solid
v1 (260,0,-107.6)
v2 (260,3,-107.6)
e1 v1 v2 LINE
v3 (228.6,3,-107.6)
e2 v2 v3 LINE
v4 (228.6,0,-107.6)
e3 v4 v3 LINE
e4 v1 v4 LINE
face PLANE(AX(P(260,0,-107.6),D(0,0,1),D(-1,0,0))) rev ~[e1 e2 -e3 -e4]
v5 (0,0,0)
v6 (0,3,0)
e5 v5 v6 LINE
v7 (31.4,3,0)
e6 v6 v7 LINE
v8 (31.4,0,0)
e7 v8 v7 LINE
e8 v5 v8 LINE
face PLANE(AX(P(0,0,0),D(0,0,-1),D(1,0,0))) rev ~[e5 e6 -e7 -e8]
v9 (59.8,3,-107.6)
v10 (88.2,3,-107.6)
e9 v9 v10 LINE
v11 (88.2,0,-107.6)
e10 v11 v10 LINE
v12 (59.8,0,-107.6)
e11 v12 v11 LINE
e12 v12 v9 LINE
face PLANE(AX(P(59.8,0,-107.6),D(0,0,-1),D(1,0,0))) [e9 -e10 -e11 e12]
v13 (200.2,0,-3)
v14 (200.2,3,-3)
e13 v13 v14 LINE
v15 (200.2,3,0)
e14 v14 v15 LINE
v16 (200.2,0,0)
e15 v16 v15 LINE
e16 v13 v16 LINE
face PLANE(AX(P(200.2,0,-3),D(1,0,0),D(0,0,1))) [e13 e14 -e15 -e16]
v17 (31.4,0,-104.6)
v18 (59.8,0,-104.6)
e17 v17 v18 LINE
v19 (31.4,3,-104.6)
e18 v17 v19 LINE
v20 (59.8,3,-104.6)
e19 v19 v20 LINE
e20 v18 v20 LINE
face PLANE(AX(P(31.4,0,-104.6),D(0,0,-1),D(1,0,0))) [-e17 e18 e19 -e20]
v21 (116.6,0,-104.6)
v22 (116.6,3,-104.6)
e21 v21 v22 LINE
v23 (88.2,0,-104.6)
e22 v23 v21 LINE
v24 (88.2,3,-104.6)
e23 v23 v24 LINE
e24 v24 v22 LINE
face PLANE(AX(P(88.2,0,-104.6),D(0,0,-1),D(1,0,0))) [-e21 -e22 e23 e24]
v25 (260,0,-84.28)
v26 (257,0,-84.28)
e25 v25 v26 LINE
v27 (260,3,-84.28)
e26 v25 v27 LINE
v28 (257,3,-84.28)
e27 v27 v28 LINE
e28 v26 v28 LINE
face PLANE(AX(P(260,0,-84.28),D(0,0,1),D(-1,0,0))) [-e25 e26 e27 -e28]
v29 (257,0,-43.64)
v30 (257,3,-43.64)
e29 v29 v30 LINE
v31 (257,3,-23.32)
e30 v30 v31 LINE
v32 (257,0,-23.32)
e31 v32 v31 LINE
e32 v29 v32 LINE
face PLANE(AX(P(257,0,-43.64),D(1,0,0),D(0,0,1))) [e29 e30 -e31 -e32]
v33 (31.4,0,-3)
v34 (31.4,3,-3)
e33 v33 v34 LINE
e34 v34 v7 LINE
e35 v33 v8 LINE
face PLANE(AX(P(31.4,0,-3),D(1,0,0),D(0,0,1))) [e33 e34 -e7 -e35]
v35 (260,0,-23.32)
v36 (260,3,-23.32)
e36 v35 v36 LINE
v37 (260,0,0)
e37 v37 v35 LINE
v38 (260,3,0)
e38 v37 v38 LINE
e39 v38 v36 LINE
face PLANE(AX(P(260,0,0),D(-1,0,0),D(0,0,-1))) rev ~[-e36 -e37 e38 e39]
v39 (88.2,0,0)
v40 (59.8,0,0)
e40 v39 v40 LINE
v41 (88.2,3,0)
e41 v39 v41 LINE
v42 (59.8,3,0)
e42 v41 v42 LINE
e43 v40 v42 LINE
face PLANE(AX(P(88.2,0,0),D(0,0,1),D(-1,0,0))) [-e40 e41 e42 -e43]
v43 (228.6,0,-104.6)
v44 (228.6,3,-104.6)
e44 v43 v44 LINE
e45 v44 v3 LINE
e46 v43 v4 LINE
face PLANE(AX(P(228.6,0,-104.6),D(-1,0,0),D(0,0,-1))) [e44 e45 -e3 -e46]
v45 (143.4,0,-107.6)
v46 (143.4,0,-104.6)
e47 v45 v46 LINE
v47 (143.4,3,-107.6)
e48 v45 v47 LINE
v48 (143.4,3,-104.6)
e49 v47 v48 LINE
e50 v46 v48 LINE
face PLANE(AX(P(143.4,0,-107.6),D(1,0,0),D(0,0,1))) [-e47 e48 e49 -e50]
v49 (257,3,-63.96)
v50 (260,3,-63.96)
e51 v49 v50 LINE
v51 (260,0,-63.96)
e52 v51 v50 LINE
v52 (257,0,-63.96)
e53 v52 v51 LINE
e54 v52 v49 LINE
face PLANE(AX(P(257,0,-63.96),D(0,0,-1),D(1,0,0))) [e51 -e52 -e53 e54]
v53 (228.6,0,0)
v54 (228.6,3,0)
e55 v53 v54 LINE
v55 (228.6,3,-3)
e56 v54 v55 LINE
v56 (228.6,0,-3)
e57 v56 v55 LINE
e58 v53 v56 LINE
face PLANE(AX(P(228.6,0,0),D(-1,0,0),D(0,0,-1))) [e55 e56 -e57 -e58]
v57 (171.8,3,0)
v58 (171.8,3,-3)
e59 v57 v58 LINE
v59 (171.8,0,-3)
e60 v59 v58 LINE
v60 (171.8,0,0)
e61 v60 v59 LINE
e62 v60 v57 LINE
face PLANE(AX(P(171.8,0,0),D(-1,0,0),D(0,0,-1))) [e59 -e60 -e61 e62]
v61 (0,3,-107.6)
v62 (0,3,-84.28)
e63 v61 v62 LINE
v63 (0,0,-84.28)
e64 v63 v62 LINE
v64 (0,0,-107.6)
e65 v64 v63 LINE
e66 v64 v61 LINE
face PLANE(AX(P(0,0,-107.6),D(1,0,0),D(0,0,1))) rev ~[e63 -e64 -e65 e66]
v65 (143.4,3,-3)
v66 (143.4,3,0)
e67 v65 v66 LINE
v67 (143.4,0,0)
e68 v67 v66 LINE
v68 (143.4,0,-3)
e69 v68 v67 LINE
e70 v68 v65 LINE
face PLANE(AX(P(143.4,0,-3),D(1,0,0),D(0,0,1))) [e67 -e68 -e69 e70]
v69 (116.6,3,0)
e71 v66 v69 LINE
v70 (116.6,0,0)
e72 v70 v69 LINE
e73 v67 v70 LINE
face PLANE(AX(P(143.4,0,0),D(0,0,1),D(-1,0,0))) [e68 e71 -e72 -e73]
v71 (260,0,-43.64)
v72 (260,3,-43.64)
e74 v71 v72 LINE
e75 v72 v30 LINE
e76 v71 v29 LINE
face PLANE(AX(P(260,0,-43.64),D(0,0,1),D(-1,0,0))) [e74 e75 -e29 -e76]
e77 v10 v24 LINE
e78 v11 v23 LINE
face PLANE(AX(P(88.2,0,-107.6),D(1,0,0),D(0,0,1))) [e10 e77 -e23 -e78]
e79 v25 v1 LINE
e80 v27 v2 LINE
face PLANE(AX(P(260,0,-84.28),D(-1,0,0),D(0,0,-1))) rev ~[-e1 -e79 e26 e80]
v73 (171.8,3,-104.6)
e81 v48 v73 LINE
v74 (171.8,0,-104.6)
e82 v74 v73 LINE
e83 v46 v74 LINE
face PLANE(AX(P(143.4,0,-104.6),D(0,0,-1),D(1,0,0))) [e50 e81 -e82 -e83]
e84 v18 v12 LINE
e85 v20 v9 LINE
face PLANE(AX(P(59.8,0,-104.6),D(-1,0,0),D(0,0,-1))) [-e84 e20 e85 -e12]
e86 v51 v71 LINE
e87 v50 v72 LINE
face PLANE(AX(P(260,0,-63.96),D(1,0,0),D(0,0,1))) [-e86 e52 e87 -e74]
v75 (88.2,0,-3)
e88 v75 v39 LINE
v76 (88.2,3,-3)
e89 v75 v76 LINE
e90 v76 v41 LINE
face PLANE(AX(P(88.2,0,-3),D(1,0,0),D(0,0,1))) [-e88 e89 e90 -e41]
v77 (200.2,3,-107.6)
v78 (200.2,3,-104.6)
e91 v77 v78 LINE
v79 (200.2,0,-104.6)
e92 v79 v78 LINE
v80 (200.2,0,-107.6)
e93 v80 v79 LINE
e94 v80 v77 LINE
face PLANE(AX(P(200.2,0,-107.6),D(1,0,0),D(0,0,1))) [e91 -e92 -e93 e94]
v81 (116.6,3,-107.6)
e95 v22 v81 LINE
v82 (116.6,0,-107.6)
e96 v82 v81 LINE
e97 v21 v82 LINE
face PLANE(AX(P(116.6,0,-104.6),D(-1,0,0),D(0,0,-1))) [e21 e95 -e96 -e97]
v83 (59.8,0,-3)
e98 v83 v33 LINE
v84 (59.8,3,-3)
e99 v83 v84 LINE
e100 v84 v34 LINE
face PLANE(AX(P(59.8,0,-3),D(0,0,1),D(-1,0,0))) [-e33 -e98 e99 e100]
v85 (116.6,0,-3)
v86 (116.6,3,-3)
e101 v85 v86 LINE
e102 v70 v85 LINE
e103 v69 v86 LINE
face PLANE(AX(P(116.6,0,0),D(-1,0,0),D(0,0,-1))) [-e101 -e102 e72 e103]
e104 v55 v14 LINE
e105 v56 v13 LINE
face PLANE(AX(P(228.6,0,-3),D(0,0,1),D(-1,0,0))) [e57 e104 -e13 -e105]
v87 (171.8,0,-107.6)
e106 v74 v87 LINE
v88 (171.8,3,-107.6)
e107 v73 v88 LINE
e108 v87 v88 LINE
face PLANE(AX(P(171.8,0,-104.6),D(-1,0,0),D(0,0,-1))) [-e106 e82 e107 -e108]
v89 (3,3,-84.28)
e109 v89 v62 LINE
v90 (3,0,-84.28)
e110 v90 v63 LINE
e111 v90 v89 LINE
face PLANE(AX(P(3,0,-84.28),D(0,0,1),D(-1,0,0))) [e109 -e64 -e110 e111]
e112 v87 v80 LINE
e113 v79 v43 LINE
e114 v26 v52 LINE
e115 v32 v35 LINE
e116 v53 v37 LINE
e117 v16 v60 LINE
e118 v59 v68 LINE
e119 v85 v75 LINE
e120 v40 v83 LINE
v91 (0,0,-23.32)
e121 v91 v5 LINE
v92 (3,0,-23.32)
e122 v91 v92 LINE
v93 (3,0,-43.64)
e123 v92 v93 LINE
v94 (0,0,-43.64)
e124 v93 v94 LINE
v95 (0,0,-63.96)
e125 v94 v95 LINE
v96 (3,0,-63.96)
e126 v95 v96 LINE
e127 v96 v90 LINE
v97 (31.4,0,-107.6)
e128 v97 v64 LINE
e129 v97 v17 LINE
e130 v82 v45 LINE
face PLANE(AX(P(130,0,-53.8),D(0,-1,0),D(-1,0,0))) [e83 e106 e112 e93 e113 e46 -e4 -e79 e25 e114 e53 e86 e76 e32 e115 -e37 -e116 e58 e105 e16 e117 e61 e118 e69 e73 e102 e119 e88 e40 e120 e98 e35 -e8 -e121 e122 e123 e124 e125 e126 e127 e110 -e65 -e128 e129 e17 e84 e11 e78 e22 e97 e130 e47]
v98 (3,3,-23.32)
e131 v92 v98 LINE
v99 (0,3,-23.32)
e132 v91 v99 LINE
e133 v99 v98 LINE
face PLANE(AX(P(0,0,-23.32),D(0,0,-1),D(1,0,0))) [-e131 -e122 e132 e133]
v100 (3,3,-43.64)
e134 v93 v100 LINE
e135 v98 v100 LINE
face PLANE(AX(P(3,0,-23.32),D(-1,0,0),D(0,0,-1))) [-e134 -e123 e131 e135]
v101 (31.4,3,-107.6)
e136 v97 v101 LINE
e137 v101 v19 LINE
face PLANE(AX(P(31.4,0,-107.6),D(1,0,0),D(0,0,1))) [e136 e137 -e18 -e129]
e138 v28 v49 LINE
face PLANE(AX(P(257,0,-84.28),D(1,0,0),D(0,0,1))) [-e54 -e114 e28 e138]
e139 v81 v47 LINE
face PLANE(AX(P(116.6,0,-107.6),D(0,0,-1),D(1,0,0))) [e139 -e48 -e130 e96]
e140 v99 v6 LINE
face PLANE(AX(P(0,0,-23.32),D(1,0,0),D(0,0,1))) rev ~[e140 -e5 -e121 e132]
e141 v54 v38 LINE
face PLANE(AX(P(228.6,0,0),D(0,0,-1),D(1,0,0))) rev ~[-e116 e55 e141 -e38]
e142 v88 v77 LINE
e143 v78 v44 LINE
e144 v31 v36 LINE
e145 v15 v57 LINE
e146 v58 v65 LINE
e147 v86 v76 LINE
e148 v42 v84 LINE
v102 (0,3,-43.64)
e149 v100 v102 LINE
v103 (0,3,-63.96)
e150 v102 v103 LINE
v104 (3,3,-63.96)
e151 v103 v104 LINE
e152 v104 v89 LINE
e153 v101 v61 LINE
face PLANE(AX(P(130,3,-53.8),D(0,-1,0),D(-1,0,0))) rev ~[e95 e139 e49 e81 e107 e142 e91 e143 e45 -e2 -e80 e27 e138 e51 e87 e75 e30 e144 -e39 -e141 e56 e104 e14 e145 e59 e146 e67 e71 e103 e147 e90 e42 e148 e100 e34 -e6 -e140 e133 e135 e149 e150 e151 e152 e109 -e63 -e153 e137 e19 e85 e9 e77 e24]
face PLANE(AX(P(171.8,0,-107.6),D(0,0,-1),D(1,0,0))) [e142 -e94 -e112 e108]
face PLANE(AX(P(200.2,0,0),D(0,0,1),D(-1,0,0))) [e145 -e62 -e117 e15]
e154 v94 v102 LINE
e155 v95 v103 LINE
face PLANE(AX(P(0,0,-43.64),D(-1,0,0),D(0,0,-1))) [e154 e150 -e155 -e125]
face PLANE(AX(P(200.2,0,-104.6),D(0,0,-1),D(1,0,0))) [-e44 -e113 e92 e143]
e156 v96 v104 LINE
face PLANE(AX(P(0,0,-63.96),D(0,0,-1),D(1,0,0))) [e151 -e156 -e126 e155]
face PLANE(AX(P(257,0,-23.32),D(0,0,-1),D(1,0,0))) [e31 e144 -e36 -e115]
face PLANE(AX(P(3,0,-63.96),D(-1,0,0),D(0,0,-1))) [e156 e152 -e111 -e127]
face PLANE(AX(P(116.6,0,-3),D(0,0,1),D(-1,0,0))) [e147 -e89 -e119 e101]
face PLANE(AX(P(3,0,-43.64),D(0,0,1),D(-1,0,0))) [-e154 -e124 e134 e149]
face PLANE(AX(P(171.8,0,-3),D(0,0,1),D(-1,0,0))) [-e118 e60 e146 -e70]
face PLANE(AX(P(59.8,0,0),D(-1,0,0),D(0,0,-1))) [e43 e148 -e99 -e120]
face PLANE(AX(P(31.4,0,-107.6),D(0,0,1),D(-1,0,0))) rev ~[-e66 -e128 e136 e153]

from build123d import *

# Parameters (mm, degrees)
SALIENTE_EXTRUIR1_DEPTH = 3


with BuildPart() as part:
    # Croquis1 → Saliente-Extruir1 (new body)
    with BuildSketch(Plane(origin=(0, 0, 0), x_dir=(1, 0, 0), z_dir=(0, 1, 0))):
        Polygon((3, 107.6), (31.4, 107.6), (31.4, 104.6), (59.8, 104.6), (59.8, 107.6), (88.2, 107.6), (88.2, 104.6), (116.6, 104.6), (116.6, 107.6), (143.4, 107.6), (143.4, 104.6), (171.8, 104.6), (171.8, 107.6), (200.2, 107.6), (200.2, 104.6), (228.6, 104.6), (228.6, 107.6), (257, 107.6), (260, 107.6), (260, 104.6), (260, 84.28), (257, 84.28), (257, 63.96), (260, 63.96), (260, 43.64), (257, 43.64), (257, 23.32), (260, 23.32), (260, 3), (260, 0), (257, 0), (228.6, 0), (228.6, 3), (200.2, 3), (200.2, 0), (171.8, 0), (171.8, 3), (143.4, 3), (143.4, 0), (116.6, 0), (116.6, 3), (88.2, 3), (88.2, 0), (59.8, 0), (59.8, 3), (31.4, 3), (31.4, 0), (3, 0), (0, 0), (0, 3), (0, 23.32), (3, 23.32), (3, 43.64), (0, 43.64), (0, 63.96), (3, 63.96), (3, 84.28), (0, 84.28), (0, 104.6), (0, 107.6), align=None)
    extrude(amount=SALIENTE_EXTRUIR1_DEPTH)


solid = part.part
